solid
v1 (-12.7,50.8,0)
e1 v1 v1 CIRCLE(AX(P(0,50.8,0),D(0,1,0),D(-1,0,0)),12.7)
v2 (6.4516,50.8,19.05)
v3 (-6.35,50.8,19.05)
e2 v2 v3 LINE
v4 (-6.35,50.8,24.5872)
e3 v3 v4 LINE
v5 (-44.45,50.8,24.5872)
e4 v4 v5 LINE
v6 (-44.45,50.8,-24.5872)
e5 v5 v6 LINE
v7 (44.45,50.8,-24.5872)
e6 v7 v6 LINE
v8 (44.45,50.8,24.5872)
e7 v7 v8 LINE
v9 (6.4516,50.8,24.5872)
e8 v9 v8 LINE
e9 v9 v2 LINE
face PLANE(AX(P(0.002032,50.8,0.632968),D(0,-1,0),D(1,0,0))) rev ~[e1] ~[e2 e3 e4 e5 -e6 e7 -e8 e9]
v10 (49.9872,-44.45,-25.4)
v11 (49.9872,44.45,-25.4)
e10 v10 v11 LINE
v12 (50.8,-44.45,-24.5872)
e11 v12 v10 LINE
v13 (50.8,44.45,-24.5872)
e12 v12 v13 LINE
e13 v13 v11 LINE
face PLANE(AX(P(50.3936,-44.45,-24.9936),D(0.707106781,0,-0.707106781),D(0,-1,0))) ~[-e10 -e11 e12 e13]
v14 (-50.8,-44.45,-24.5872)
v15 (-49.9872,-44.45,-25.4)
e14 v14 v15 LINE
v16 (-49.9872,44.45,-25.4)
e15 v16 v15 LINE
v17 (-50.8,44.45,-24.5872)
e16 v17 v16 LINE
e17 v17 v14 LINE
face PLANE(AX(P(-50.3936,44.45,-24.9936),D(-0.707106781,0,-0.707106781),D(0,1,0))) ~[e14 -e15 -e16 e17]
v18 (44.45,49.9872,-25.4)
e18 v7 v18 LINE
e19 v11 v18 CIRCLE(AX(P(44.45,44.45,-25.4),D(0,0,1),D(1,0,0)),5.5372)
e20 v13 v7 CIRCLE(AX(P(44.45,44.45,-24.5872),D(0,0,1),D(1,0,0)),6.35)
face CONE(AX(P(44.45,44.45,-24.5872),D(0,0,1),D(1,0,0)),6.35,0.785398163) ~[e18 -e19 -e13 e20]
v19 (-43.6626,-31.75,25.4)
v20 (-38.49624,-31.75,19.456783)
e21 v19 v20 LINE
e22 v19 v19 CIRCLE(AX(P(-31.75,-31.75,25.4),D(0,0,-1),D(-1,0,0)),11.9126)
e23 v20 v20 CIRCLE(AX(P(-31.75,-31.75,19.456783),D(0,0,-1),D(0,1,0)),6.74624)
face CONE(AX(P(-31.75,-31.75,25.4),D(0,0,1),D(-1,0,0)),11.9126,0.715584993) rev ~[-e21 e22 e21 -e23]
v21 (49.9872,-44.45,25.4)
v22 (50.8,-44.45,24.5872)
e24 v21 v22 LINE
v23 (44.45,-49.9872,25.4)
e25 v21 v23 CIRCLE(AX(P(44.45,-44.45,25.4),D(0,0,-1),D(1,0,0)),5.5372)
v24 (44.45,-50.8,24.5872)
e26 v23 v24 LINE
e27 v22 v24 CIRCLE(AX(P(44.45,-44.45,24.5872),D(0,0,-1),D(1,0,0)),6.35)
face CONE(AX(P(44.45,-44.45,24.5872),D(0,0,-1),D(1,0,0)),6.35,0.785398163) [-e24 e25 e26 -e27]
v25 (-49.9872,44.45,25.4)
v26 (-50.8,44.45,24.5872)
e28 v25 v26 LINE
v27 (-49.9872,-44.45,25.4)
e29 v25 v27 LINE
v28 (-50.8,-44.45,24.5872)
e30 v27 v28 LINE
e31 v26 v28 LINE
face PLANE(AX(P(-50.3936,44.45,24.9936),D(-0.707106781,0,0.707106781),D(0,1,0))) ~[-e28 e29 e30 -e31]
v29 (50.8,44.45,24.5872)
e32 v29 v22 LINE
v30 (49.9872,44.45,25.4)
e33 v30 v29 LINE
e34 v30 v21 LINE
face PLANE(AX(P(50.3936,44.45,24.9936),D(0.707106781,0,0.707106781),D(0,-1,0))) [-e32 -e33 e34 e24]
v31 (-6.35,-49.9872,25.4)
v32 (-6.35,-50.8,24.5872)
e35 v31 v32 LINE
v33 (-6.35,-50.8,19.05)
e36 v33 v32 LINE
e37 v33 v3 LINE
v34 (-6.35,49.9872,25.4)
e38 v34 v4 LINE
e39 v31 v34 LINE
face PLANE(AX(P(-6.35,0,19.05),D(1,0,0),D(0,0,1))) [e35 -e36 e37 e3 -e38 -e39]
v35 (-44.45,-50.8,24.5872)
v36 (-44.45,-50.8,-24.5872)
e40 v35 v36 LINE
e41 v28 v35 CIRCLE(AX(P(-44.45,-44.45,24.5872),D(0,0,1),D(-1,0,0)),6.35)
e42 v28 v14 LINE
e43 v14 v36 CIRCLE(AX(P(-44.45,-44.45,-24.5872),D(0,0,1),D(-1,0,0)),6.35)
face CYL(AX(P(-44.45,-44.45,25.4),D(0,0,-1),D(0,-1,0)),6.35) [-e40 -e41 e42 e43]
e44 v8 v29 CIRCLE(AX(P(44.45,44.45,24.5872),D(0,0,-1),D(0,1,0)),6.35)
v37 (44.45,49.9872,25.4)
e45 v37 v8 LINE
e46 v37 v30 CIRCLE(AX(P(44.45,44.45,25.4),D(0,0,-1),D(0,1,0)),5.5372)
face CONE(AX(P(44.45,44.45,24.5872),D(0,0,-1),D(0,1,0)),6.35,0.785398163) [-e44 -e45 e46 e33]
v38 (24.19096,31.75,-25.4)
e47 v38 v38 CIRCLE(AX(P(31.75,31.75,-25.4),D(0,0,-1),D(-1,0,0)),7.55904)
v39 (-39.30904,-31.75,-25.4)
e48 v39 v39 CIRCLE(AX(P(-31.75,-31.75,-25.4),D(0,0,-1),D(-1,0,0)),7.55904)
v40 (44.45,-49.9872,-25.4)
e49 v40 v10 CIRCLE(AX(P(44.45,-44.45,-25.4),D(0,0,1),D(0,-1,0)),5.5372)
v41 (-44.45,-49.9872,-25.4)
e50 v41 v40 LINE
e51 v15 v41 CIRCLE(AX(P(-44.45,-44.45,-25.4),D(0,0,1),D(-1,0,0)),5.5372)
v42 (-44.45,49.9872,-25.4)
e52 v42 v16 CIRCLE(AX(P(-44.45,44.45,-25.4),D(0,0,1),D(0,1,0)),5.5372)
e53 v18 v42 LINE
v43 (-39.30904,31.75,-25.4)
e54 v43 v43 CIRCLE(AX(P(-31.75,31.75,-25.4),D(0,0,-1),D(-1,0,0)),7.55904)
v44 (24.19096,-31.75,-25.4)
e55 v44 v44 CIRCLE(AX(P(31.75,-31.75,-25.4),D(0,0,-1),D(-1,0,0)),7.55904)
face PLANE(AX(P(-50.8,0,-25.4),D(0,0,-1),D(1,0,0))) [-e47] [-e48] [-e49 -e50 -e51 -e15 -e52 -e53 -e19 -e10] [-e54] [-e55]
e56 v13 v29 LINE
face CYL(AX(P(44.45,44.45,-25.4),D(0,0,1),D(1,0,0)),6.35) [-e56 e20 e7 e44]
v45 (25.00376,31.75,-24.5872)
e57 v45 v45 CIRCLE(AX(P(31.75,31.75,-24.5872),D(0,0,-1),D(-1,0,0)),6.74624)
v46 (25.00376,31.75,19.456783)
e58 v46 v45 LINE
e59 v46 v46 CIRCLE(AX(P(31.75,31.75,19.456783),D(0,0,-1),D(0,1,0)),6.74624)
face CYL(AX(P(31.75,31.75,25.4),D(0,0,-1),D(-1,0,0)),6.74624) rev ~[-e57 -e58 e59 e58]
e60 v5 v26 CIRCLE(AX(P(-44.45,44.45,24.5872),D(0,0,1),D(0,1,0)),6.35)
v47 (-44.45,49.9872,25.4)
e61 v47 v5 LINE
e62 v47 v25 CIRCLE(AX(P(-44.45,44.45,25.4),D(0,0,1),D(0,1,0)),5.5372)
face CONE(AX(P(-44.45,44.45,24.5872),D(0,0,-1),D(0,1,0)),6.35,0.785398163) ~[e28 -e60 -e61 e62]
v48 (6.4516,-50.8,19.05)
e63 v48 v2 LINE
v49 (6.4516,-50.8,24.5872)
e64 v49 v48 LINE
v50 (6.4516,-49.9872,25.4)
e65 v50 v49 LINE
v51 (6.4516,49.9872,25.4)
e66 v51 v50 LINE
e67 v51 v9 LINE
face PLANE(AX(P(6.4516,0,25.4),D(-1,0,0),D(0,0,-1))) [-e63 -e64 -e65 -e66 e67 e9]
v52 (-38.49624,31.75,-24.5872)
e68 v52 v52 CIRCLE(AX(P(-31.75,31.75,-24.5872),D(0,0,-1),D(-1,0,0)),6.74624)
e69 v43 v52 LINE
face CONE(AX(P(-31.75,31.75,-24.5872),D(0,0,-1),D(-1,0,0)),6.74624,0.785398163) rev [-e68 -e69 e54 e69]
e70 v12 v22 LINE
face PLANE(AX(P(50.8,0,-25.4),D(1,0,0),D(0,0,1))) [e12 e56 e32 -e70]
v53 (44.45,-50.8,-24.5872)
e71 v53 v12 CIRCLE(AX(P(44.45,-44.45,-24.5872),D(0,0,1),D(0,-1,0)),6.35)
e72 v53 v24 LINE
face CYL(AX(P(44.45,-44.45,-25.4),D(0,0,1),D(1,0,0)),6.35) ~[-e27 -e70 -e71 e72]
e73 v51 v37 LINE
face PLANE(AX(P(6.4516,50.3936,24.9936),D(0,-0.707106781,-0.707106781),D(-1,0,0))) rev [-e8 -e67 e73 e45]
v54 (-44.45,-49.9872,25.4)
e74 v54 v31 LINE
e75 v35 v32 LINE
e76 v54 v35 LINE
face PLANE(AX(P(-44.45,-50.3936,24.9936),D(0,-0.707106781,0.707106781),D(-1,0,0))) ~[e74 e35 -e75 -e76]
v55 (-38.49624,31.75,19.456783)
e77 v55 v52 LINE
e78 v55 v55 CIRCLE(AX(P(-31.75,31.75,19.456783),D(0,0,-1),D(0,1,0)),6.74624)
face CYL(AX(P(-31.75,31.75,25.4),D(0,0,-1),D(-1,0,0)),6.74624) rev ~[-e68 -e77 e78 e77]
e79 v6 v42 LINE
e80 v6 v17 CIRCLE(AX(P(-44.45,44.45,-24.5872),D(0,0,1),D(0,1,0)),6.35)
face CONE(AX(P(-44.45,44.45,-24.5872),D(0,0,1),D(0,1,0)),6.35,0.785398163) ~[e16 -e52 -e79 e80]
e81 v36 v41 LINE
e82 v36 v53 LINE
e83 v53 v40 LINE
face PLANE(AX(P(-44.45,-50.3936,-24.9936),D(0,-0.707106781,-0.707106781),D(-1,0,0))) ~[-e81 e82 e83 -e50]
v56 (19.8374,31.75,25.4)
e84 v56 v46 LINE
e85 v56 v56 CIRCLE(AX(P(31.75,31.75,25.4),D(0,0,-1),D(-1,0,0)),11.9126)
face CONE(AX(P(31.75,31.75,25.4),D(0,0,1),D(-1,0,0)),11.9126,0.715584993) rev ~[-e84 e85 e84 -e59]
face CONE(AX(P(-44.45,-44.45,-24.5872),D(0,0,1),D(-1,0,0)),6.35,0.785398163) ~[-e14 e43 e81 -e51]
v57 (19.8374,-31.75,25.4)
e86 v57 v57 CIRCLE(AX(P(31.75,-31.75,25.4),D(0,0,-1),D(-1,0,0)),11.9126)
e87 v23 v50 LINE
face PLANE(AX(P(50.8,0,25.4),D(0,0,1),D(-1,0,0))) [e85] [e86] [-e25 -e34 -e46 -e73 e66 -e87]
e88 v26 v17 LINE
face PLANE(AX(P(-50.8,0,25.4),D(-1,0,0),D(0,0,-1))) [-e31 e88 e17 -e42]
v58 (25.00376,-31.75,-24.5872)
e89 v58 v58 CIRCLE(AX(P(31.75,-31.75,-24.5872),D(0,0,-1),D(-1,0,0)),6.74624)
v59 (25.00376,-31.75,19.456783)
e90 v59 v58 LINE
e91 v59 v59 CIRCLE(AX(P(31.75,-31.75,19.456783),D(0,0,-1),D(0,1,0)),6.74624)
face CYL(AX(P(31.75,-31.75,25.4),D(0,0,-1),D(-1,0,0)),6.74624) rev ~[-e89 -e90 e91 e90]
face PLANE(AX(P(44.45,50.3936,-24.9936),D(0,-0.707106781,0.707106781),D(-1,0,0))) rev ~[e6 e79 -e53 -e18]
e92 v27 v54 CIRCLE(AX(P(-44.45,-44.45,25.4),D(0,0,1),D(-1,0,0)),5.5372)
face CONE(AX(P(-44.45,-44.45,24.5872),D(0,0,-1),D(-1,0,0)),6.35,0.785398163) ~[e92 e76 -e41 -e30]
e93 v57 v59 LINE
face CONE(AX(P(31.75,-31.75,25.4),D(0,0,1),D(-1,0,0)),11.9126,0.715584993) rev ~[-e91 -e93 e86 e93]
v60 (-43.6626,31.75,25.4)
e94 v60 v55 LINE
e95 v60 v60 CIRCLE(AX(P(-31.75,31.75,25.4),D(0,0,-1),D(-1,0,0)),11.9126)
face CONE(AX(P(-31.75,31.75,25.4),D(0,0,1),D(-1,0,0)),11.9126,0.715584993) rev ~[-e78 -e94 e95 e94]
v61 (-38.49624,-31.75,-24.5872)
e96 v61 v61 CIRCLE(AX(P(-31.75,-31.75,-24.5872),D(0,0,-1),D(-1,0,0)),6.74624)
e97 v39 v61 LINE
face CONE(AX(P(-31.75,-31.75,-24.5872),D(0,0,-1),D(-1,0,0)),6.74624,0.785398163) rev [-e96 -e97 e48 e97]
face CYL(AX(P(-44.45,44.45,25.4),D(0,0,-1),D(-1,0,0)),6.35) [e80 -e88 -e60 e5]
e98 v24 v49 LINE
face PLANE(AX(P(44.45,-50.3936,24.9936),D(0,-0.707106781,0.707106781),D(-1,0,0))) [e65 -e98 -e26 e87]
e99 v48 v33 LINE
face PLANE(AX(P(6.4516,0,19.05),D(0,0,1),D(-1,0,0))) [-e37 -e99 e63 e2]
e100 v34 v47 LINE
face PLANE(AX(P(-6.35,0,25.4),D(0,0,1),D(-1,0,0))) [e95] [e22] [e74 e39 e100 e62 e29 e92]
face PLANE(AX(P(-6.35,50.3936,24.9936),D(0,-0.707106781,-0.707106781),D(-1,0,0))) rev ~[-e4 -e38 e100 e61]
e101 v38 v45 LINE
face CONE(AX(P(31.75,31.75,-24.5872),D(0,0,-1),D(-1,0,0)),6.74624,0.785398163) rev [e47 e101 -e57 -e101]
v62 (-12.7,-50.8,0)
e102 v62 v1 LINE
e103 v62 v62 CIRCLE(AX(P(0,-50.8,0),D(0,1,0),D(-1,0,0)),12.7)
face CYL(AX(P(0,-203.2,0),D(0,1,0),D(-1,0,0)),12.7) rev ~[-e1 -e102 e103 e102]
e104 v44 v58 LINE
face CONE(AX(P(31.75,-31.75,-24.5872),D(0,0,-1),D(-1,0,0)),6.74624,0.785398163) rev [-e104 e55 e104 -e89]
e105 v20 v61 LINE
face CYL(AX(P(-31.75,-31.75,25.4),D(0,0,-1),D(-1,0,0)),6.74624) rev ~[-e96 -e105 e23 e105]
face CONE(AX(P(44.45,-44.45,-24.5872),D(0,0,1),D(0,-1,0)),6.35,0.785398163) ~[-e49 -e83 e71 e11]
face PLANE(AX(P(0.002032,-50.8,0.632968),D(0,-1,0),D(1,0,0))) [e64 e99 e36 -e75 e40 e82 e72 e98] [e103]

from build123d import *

# Parameters (mm, degrees)
F1_DEPTH       = 50.8
F3_D           = 13.49248
F3_CSINK_D     = 23.8252
F3_CSINK_ANGLE = 82
F4_R           = 6.35
F5_SIZE        = 0.8128
F7_D           = 25.4


with BuildPart() as f1:
    # F0 (on Front) → F1 (new body, symmetric)
    with BuildSketch(Plane.XZ):
        Polygon((-6.35, 25.4), (-50.8, 25.4), (-50.8, -25.4), (50.8, -25.4), (50.8, 25.4), (6.4515996888, 25.4), (6.4515996888, 19.05), (-6.35, 19.05), align=None)
    extrude(amount=F1_DEPTH, both=True)

    # F3 (through all)
    with Locations(Plane.XY.offset(25.4)):
        with Locations((-31.75, 31.75), (31.75, 31.75), (-31.75, -31.75), (31.75, -31.75)):
            CounterSinkHole(F3_D / 2, F3_CSINK_D / 2, counter_sink_angle=F3_CSINK_ANGLE)

    # F4
    f4_edges = [f1.edges().sort_by_distance(p)[0] for p in [
        (50.8, 50.8, 0),
        (50.8, -50.8, 0),
        (-50.8, -50.8, 0),
        (-50.8, 50.8, 0),
    ]]
    fillet(f4_edges, radius=F4_R)

    # F5
    f5_edges = [f1.edges().sort_by_distance(p)[0] for p in [
        (-50.8, 0, 25.4),
        (50.8, 0, 25.4),
        (-25.4, 50.8, 25.4),
        (25.4508, 50.8, 25.4),
        (-25.4, -50.8, 25.4),
        (25.4508, -50.8, 25.4),
        (-50.8, 0, -25.4),
        (-48.940128, 48.940128, -25.4),
        (-48.940128, -48.940128, -25.4),
        (0, 50.8, -25.4),
        (0, -50.8, -25.4),
        (48.940128, 48.940128, -25.4),
        (48.940128, -48.940128, -25.4),
        (50.8, 0, -25.4),
        (-38.49624, 31.75, -25.4),
        (25.00376, 31.75, -25.4),
        (-38.49624, -31.75, -25.4),
        (25.00376, -31.75, -25.4),
    ]]
    chamfer(f5_edges, length=F5_SIZE)

    # F7 (through all)
    with Locations(Plane.XZ.offset(50.8)):
        with Locations((0, 0)):
            Hole(F7_D / 2)


solid = f1.part
